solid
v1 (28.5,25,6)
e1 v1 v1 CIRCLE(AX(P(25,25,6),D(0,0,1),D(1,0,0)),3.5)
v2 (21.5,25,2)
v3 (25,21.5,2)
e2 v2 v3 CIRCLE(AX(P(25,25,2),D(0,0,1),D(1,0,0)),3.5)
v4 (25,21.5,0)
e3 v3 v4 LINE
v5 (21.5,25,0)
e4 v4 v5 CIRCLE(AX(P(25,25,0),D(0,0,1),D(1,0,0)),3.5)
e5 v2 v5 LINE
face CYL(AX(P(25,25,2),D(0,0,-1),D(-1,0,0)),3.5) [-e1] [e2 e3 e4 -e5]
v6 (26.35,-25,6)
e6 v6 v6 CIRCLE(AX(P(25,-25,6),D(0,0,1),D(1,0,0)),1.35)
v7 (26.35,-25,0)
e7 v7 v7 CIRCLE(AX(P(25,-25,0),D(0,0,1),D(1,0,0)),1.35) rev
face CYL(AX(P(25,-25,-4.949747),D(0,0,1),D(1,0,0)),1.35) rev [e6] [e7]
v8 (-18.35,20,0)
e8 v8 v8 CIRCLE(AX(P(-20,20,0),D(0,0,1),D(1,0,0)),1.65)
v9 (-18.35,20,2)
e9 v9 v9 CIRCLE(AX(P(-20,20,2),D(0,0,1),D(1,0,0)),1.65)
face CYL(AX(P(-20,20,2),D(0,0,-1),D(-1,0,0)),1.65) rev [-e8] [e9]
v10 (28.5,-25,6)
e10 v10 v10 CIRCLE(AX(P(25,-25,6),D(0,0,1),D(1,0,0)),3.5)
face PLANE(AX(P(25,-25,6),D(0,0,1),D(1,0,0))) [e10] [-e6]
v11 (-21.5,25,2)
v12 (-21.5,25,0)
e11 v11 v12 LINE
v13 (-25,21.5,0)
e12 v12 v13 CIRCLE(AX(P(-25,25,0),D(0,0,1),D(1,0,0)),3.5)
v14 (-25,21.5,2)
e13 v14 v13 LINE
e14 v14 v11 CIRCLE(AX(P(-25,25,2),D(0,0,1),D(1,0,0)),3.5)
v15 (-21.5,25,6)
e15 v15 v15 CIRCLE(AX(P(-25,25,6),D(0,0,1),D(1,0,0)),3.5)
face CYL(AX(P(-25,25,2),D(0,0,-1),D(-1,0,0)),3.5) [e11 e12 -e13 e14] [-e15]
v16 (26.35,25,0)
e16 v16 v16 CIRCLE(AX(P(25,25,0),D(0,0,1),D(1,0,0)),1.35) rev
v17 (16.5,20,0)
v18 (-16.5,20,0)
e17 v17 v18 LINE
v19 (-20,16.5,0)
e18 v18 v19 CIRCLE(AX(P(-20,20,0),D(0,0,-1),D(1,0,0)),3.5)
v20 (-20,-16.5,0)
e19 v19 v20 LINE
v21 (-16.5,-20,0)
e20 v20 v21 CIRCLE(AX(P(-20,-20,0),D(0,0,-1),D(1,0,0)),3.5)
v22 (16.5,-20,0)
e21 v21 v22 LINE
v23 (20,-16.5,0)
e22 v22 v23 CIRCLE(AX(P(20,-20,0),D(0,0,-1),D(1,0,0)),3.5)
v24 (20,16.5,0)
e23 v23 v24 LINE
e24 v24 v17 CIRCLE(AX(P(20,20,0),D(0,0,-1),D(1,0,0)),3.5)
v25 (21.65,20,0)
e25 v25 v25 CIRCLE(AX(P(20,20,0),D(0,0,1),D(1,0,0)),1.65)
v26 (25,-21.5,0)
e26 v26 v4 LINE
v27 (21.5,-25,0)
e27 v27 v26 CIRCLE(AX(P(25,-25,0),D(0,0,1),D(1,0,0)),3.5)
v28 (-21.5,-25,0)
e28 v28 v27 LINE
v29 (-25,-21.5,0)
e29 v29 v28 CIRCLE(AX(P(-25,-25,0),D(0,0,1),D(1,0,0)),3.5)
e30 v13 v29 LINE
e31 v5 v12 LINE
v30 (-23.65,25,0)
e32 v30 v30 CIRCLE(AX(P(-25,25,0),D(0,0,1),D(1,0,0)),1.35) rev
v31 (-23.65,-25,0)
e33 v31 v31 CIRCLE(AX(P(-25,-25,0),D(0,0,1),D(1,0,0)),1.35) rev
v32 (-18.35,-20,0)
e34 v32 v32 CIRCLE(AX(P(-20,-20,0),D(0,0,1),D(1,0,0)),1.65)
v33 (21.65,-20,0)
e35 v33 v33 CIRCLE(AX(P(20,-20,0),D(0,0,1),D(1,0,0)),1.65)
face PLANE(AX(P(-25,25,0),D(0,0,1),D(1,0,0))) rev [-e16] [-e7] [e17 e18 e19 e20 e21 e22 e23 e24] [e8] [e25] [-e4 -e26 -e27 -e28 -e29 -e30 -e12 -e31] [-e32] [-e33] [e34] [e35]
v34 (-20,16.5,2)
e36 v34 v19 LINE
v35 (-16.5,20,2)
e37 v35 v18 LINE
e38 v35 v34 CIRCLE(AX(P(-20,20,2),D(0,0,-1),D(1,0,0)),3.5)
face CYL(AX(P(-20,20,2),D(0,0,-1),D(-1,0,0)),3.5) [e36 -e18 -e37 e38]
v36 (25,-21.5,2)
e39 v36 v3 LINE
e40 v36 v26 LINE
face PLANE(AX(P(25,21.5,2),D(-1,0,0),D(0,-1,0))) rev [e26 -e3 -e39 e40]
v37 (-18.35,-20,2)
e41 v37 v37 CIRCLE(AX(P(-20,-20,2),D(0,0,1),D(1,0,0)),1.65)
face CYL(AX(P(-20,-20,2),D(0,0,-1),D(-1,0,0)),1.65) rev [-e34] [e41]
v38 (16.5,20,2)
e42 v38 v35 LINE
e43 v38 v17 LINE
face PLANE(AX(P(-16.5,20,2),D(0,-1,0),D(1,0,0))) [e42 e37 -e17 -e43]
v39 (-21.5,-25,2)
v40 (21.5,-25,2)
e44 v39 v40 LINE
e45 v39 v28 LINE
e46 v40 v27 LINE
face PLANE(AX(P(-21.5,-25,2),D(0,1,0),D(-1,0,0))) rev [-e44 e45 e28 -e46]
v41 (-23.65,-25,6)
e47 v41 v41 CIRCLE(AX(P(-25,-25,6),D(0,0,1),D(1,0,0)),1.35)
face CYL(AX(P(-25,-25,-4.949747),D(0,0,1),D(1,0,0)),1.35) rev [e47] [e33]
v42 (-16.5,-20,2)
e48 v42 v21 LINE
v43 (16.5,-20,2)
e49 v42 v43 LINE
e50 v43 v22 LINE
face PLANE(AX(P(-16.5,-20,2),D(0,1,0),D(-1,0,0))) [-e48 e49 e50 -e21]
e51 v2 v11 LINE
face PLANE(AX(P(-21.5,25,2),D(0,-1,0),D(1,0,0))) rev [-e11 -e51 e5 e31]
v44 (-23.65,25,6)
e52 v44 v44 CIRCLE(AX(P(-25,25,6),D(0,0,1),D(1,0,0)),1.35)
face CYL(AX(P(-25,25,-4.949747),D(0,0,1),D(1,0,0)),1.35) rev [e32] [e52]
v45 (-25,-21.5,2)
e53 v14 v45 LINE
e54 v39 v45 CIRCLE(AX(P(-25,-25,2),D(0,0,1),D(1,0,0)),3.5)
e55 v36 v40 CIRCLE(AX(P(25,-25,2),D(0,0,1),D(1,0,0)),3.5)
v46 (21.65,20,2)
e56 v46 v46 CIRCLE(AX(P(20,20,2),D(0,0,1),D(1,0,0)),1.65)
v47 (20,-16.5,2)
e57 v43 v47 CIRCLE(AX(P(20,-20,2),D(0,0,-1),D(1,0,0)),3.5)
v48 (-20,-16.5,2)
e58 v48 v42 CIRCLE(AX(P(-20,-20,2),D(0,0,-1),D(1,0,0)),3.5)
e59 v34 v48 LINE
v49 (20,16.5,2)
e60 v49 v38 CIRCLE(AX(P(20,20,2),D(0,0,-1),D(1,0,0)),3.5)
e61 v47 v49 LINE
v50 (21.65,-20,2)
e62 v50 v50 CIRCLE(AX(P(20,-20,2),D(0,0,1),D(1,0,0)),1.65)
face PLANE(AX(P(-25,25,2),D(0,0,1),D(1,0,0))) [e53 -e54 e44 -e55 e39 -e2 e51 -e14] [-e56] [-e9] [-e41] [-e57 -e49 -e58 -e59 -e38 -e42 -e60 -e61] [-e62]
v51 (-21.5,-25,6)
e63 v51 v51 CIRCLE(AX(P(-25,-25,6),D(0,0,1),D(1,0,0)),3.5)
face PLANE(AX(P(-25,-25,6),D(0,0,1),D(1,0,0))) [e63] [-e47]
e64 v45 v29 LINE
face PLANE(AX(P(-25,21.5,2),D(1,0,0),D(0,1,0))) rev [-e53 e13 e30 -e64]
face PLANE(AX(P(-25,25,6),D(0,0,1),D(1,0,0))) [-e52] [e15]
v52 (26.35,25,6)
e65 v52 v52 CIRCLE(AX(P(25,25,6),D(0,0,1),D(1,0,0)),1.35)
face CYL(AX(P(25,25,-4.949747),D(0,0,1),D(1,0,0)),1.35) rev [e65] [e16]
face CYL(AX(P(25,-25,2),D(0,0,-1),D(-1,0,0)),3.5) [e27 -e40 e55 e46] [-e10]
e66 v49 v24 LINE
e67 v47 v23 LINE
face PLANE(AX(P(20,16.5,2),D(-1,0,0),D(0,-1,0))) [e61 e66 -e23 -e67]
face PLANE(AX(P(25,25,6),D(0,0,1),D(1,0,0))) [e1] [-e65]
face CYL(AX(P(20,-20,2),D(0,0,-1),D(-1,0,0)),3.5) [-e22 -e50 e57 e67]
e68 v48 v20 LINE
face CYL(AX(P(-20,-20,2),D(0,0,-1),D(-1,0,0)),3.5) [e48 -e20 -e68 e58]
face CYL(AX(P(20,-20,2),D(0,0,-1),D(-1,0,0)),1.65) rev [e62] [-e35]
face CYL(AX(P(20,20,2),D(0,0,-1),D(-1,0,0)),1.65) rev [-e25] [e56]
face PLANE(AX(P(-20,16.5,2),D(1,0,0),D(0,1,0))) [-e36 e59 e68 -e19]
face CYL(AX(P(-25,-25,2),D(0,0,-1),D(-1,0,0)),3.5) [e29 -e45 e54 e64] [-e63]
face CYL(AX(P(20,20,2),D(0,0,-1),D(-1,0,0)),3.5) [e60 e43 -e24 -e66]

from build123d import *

# Parameters (mm, degrees)
SKETCH1_R           = 1.65
BOSS_EXTRUDE1_DEPTH = 2
SKETCH2_R           = 3.5
SKETCH2_R_2         = 1.65
SKETCH2_R_3         = 1.570665428
BOSS_EXTRUDE2_DEPTH = 4
EXTRUDE_THIN1_START = -6
SKETCH3_R           = 1.75
SKETCH3_R_2         = 1.35
EXTRUDE_THIN1_DEPTH = 6


with BuildPart() as part:
    # Sketch1 → Boss-Extrude1 (new body)
    with BuildSketch(Plane.XY):
        with BuildLine():
            Line((-21.5, 25), (21.5, 25))
            ThreePointArc((21.5, 25), (27.474873734, 27.474873734), (25, 21.5))
            Line((25, 21.5), (25, -21.5))
            ThreePointArc((25, -21.5), (27.474873734, -27.474873734), (21.5, -25))
            Line((21.5, -25), (-21.5, -25))
            ThreePointArc((-21.5, -25), (-27.474873734, -27.474873734), (-25, -21.5))
            Line((-25, -21.5), (-25, 21.5))
            ThreePointArc((-25, 21.5), (-27.474873734, 27.474873734), (-21.5, 25))
        make_face()
        with Locations((-20, 20)):
            Circle(SKETCH1_R, mode=Mode.SUBTRACT)
        with Locations((-25, 25)):
            Circle(SKETCH1_R, mode=Mode.SUBTRACT)
        with Locations((20, 20)):
            Circle(SKETCH1_R, mode=Mode.SUBTRACT)
        with Locations((25, 25)):
            Circle(SKETCH1_R, mode=Mode.SUBTRACT)
        with Locations((25, -25)):
            Circle(SKETCH1_R, mode=Mode.SUBTRACT)
        with Locations((20, -20)):
            Circle(SKETCH1_R, mode=Mode.SUBTRACT)
        with Locations((-20, -20)):
            Circle(SKETCH1_R, mode=Mode.SUBTRACT)
        with Locations((-25, -25)):
            Circle(SKETCH1_R, mode=Mode.SUBTRACT)
        with BuildLine():
            Line((-16.5, 20), (16.5, 20))
            ThreePointArc((16.5, 20), (17.525126266, 17.525126266), (20, 16.5))
            Line((20, 16.5), (20, -16.5))
            ThreePointArc((20, -16.5), (17.525126266, -17.525126266), (16.5, -20))
            Line((16.5, -20), (-16.5, -20))
            ThreePointArc((-16.5, -20), (-17.525126266, -17.525126266), (-20, -16.5))
            Line((-20, -16.5), (-20, 16.5))
            ThreePointArc((-20, 16.5), (-17.525126266, 17.525126266), (-16.5, 20))
        make_face(mode=Mode.SUBTRACT)
    extrude(amount=BOSS_EXTRUDE1_DEPTH)

    # Sketch2 → Boss-Extrude2 (add)
    with BuildSketch(Plane.XY.offset(2)):
        with Locations((-25, 25)):
            Circle(SKETCH2_R)
        with Locations((-25, 25)):
            Circle(SKETCH2_R_2, mode=Mode.SUBTRACT)
        with Locations((25, 25)):
            Circle(SKETCH2_R)
        with Locations((25, 25)):
            Circle(SKETCH2_R_3, mode=Mode.SUBTRACT)
        with Locations((-25, -25)):
            Circle(SKETCH2_R)
        with Locations((-25, -25)):
            Circle(SKETCH2_R_2, mode=Mode.SUBTRACT)
        with Locations((25, -25)):
            Circle(SKETCH2_R)
        with Locations((25, -25)):
            Circle(SKETCH2_R_2, mode=Mode.SUBTRACT)
    extrude(amount=BOSS_EXTRUDE2_DEPTH)

    # Sketch3 → Extrude-Thin1 (add)
    with BuildSketch(Plane.XY.offset(6).offset(EXTRUDE_THIN1_START)):
        with Locations((-25, 25)):
            Circle(SKETCH3_R)
        with Locations((-25, 25)):
            Circle(SKETCH3_R_2, mode=Mode.SUBTRACT)
        with Locations((25, 25)):
            Circle(SKETCH3_R)
        with Locations((25, 25)):
            Circle(SKETCH3_R_2, mode=Mode.SUBTRACT)
        with Locations((25, -25)):
            Circle(SKETCH3_R)
        with Locations((25, -25)):
            Circle(SKETCH3_R_2, mode=Mode.SUBTRACT)
        with Locations((-25, -25)):
            Circle(SKETCH3_R)
        with Locations((-25, -25)):
            Circle(SKETCH3_R_2, mode=Mode.SUBTRACT)
    extrude(amount=EXTRUDE_THIN1_DEPTH)


solid = part.part
